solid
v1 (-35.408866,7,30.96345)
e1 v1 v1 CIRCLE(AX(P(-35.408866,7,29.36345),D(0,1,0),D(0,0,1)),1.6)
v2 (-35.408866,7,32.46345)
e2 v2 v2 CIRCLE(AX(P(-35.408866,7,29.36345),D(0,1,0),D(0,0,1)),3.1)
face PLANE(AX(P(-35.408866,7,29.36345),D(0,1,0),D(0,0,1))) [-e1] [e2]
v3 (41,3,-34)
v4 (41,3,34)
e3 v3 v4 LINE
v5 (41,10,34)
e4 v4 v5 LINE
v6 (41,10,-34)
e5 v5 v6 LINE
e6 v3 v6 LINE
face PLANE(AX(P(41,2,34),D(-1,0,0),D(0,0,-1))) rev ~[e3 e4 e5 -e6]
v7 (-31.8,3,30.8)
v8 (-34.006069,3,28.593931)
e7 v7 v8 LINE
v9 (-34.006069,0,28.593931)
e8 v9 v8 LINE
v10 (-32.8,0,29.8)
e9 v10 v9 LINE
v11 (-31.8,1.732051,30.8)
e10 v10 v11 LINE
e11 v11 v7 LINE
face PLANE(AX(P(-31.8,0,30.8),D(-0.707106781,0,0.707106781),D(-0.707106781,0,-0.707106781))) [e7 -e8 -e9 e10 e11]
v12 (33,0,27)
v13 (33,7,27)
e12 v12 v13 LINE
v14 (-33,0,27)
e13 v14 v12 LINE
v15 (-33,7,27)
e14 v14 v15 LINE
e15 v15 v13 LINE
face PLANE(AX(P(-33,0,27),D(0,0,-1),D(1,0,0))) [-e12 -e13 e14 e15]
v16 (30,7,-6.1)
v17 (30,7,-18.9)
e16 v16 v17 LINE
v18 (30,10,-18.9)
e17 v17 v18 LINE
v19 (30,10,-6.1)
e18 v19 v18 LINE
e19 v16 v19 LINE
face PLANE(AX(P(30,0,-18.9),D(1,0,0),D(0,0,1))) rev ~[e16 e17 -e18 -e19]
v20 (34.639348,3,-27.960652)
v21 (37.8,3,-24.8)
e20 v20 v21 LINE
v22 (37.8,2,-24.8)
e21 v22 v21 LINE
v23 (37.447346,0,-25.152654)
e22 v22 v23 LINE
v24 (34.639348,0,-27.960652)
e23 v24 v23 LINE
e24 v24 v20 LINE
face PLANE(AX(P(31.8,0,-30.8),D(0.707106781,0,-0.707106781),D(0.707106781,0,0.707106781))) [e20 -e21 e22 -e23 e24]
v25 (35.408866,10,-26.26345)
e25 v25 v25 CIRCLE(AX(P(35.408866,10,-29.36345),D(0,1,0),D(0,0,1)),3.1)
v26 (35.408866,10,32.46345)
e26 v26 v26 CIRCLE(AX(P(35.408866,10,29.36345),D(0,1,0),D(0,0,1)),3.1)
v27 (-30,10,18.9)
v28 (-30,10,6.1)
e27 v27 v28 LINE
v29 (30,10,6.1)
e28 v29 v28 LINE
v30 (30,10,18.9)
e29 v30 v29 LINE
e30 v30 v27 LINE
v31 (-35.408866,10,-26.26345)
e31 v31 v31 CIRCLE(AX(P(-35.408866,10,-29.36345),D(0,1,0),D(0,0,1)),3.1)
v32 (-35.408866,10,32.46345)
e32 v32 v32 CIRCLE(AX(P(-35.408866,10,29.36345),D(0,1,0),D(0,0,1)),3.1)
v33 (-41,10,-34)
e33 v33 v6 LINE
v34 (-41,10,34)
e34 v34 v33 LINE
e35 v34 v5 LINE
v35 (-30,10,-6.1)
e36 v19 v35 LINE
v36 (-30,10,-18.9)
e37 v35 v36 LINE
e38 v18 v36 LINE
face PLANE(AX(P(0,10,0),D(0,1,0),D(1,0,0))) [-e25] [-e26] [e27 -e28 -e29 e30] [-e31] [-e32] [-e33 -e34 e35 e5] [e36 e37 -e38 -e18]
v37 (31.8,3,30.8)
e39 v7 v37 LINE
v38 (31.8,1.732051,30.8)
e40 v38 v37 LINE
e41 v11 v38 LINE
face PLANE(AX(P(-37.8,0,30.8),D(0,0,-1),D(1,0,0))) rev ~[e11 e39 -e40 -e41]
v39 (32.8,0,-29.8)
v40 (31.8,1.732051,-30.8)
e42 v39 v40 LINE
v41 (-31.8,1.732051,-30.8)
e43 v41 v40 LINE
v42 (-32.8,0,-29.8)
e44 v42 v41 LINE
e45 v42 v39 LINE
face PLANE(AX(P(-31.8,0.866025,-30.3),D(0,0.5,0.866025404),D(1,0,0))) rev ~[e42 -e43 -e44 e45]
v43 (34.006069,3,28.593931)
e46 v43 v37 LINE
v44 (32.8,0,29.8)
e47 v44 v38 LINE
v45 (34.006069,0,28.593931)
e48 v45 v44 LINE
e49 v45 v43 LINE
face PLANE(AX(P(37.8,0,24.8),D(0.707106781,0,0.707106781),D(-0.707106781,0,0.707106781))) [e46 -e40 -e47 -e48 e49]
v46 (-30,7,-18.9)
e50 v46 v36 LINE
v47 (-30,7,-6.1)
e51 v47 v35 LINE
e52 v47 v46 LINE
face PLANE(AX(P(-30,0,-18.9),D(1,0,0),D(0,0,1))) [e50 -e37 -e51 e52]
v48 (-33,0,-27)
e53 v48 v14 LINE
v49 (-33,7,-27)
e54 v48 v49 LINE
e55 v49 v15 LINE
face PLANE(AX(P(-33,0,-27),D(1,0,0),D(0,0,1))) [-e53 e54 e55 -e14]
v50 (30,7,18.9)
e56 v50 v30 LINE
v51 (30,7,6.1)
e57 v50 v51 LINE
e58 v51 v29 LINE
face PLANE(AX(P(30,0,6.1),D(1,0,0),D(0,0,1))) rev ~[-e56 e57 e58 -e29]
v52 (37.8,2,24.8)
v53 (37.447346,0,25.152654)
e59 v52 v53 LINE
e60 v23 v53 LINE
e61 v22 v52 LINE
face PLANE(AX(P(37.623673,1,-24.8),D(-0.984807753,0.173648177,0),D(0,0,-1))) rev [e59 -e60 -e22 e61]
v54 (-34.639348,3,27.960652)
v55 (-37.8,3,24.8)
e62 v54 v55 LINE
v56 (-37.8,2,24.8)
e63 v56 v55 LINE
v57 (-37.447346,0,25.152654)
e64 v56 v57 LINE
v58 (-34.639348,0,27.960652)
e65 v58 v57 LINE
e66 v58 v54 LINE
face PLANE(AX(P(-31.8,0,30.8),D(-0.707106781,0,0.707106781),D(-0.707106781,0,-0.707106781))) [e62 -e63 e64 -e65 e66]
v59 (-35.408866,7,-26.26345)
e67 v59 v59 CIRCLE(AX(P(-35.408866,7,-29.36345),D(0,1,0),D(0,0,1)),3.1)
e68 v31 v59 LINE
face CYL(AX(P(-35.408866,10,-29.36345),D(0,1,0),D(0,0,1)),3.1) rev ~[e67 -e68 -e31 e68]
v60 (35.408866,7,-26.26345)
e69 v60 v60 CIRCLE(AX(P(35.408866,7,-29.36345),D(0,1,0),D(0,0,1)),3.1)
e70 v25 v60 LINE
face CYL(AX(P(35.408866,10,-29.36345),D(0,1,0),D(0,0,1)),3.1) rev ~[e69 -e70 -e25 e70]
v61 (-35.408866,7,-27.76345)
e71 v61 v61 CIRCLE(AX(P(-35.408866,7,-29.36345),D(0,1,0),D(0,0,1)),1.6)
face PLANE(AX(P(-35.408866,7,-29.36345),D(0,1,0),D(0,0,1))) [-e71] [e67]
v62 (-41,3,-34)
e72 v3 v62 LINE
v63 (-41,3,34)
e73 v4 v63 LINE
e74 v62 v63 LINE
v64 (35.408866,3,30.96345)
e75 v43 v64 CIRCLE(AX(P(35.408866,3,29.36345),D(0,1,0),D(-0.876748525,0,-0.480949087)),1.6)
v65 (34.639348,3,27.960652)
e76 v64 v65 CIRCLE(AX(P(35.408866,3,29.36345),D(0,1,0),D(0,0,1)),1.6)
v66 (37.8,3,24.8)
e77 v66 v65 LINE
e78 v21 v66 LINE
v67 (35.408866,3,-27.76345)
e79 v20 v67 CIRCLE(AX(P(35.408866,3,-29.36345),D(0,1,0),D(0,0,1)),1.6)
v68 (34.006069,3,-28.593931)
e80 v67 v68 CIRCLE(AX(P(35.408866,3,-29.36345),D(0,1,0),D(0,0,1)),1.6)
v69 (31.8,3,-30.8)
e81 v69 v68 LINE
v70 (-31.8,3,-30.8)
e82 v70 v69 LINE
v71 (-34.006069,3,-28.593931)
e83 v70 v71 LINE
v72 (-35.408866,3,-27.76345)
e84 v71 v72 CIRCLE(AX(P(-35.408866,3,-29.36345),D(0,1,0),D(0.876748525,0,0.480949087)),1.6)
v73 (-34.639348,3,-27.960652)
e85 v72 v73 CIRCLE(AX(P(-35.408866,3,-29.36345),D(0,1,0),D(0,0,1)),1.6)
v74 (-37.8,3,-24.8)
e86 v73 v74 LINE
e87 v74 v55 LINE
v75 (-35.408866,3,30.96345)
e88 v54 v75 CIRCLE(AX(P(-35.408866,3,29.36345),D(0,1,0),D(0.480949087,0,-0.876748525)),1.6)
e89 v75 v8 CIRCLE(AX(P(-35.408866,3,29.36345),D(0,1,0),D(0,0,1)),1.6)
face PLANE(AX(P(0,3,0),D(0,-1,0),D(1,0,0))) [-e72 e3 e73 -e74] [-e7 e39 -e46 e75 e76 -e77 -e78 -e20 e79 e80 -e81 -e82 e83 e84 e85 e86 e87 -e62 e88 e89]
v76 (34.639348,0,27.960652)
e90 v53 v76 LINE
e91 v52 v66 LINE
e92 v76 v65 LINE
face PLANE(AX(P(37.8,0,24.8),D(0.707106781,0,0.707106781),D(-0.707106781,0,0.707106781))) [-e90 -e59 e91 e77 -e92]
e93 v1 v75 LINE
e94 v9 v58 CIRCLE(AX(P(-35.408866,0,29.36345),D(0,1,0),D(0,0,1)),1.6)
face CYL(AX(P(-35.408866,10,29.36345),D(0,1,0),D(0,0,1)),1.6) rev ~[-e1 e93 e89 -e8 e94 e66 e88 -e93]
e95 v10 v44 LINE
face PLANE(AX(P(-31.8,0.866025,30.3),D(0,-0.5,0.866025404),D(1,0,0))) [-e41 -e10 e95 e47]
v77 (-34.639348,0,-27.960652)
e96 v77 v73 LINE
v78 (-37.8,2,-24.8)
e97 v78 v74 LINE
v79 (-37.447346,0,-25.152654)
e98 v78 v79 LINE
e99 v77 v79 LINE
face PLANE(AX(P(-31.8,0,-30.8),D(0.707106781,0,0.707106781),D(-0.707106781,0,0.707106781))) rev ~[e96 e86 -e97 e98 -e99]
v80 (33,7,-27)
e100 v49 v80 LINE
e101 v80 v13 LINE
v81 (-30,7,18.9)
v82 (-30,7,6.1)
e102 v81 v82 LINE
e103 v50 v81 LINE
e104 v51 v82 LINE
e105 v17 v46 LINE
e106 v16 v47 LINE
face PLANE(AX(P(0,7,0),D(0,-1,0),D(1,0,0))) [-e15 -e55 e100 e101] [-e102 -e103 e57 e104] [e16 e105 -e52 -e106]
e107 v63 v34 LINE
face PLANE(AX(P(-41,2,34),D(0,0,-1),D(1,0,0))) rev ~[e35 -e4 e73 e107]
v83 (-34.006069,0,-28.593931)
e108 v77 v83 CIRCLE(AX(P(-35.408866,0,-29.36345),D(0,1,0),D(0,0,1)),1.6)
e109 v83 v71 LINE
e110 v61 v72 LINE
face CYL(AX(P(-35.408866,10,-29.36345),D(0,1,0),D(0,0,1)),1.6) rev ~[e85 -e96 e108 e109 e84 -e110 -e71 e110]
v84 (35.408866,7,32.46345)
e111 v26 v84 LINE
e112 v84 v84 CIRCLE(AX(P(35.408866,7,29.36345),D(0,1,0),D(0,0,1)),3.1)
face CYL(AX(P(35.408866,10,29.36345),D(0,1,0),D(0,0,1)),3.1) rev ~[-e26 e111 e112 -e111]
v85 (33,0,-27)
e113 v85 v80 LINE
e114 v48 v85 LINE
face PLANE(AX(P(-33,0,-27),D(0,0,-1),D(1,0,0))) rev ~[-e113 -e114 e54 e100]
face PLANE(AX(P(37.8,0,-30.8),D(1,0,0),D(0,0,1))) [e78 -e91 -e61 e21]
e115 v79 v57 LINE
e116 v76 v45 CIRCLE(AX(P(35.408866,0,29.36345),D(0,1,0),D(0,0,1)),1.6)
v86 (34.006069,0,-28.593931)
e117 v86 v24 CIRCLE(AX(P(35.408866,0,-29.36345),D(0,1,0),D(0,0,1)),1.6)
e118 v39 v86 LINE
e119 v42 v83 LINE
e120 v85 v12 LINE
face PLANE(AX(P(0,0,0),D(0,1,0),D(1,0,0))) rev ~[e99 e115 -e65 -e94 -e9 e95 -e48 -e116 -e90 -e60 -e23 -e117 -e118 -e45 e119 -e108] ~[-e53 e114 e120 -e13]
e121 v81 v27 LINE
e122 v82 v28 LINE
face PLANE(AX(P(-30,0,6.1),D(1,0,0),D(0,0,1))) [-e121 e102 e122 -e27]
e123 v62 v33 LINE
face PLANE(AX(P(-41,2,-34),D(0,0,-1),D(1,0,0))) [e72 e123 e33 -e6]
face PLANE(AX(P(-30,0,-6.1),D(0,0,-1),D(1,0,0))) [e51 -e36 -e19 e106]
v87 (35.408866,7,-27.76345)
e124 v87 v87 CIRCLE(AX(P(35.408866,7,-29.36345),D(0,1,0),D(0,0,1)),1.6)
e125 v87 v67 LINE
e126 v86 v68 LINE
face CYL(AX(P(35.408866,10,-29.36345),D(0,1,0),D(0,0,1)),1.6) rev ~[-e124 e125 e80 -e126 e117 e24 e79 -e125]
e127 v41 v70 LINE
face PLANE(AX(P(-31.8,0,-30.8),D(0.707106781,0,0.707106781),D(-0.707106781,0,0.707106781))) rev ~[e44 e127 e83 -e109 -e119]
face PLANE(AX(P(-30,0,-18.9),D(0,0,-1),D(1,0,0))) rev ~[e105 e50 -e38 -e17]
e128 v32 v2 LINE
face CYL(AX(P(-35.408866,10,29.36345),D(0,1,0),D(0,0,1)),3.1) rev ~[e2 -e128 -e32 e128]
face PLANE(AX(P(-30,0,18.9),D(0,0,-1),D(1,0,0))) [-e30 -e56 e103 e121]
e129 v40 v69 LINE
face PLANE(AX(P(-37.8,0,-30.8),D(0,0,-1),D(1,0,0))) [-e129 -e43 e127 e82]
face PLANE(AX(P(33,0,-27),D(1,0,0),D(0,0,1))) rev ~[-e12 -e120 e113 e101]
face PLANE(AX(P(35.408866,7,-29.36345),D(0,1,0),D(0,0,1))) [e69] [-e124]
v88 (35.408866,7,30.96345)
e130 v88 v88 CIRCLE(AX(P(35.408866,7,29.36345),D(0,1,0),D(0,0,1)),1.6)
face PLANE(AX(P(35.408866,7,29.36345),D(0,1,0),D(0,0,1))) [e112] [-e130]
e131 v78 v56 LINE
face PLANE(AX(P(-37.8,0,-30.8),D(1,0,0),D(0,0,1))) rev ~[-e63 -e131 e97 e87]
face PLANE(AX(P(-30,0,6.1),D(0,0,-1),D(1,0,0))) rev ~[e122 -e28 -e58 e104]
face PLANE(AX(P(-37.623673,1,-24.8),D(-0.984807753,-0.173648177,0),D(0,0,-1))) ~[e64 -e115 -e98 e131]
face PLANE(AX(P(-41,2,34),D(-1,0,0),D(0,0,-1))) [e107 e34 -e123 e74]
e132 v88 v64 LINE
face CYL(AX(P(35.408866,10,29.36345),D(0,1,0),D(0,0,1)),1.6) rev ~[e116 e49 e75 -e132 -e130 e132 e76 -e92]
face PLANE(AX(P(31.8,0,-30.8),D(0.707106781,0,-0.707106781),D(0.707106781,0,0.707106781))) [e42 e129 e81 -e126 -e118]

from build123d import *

# Parameters (mm, degrees)
SKETCH1_W             = 76
SKETCH1_H             = 62
BOSS_EXTRUDE1_DEPTH   = 2
SKETCH2_W             = 82
SKETCH2_H             = 68
BOSS_EXTRUDE2_DEPTH   = 8
SKETCH3_W             = 60
SKETCH3_H             = 12.8
CUT_EXTRUDE1_DEPTH    = 11
SKETCH4_R             = 1.6
CUT_EXTRUDE2_DEPTH    = 11
SKETCH5_R             = 3.1
CUT_EXTRUDE3_DEPTH    = 3
SKETCH9_OUTSIDE_W     = 105.4
SKETCH9_OUTSIDE_H     = 91.4
SKETCH9_OUTSIDE_W_2   = 75.6
SKETCH9_OUTSIDE_H_2   = 61.6
CUT_EXTRUDE5_DEPTH    = 3
CUT_EXTRUDE6_DEPTH    = 3
SKETCH11_W            = 66
SKETCH11_H            = 54
CUT_EXTRUDE7_DEPTH    = 7
CHAMFER2_SIZE         = 2
CHAMFER2_SIZE2        = 0.352653961
CHAMFER2_PART_2_SIZE  = 2
CHAMFER2_PART_2_SIZE2 = 0.352653961
CHAMFER3_SIZE         = 1
CHAMFER3_SIZE2        = 1.732050808


with BuildPart() as part:
    # Sketch1 → Boss-Extrude1 (new body)
    with BuildSketch(Plane(origin=(0, 0, 0), x_dir=(1, 0, 0), z_dir=(0, 1, 0))):
        Rectangle(SKETCH1_W, SKETCH1_H)
    extrude(amount=BOSS_EXTRUDE1_DEPTH)

    # Sketch2 → Boss-Extrude2 (add)
    with BuildSketch(Plane(origin=(0, 2, 0), x_dir=(1, 0, 0), z_dir=(0, 1, 0))):
        Rectangle(SKETCH2_W, SKETCH2_H)
    extrude(amount=BOSS_EXTRUDE2_DEPTH)

    # Sketch3 → Cut-Extrude1 (cut, through all)
    with BuildSketch(Plane.XZ):
        with Locations((0, -12.5)):
            Rectangle(SKETCH3_W, SKETCH3_H)
        with Locations((0, 12.5)):
            Rectangle(SKETCH3_W, SKETCH3_H)
    extrude(amount=-CUT_EXTRUDE1_DEPTH, mode=Mode.SUBTRACT)

    # Sketch4 → Cut-Extrude2 (cut, through all)
    with BuildSketch(Plane(origin=(0, 10, 0), x_dir=(1, 0, 0), z_dir=(0, 1, 0))):
        with Locations(Location((-35.408866178, 29.363450001, 0), (0, 0, 270))):  # turned: the seam where the file's is
            Circle(SKETCH4_R)
        with Locations(Location((35.408866178, 29.363450001, 0), (0, 0, 270))):  # turned: the seam where the file's is
            Circle(SKETCH4_R)
        with Locations(Location((35.408866178, -29.363450001, 0), (0, 0, 270))):  # turned: the seam where the file's is
            Circle(SKETCH4_R)
        with Locations(Location((-35.408866178, -29.363450001, 0), (0, 0, 270))):  # turned: the seam where the file's is
            Circle(SKETCH4_R)
    extrude(amount=-CUT_EXTRUDE2_DEPTH, mode=Mode.SUBTRACT)

    # Sketch5 → Cut-Extrude3 (cut)
    with BuildSketch(Plane(origin=(0, 10, 0), x_dir=(1, 0, 0), z_dir=(0, 1, 0))):
        with Locations(Location((-35.408866178, 29.363450001, 0), (0, 0, 270))):  # turned: the seam where the file's is
            Circle(SKETCH5_R)
        with Locations(Location((35.408866178, 29.363450001, 0), (0, 0, 270))):  # turned: the seam where the file's is
            Circle(SKETCH5_R)
        with Locations(Location((35.408866178, -29.363450001, 0), (0, 0, 270))):  # turned: the seam where the file's is
            Circle(SKETCH5_R)
        with Locations(Location((-35.408866178, -29.363450001, 0), (0, 0, 270))):  # turned: the seam where the file's is
            Circle(SKETCH5_R)
    extrude(amount=-CUT_EXTRUDE3_DEPTH, mode=Mode.SUBTRACT)

    # Sketch9 outside → Cut-Extrude5 (cut)
    with BuildSketch(Plane.XZ):
        Rectangle(SKETCH9_OUTSIDE_W, SKETCH9_OUTSIDE_H)
        Rectangle(SKETCH9_OUTSIDE_W_2, SKETCH9_OUTSIDE_H_2, mode=Mode.SUBTRACT)
    extrude(amount=-CUT_EXTRUDE5_DEPTH, mode=Mode.SUBTRACT)

    # Sketch10 → Cut-Extrude6 (cut)
    with BuildSketch(Plane.XZ):
        Polygon((-37.8, -30.8), (-31.8, -30.8), (-37.8, -24.8), align=None)
        Polygon((-37.8, 24.8), (-37.8, 30.8), (-31.8, 30.8), align=None)
        Polygon((37.8, 30.8), (37.8, 24.8), (31.8, 30.8), align=None)
        Polygon((37.8, -30.8), (31.8, -30.8), (37.8, -24.8), align=None)
    extrude(amount=-CUT_EXTRUDE6_DEPTH, mode=Mode.SUBTRACT)

    # Sketch11 → Cut-Extrude7 (cut)
    with BuildSketch(Plane.XZ):
        Rectangle(SKETCH11_W, SKETCH11_H)
    extrude(amount=-CUT_EXTRUDE7_DEPTH, mode=Mode.SUBTRACT)

    # Chamfer2
    chamfer2_edges = [part.edges().sort_by_distance(p)[0] for p in [
        (37.8, 0, 0),
    ]]
    chamfer2_side = [part.faces().sort_by_distance(p)[0] for p in [
        (37.8, 1.5, 0),
    ]]
    chamfer(chamfer2_edges, length=CHAMFER2_SIZE, length2=CHAMFER2_SIZE2, reference=chamfer2_side[0])

    # Chamfer2 part 2
    chamfer2_part_2_edges = [part.edges().sort_by_distance(p)[0] for p in [
        (-37.8, 0, 0),
    ]]
    chamfer2_part_2_side = [part.faces().sort_by_distance(p)[0] for p in [
        (-37.8, 1.5, 0),
    ]]
    chamfer(chamfer2_part_2_edges, length=CHAMFER2_PART_2_SIZE, length2=CHAMFER2_PART_2_SIZE2, reference=chamfer2_part_2_side[0])

    # Chamfer3
    chamfer3_edges = [part.edges().sort_by_distance(p)[0] for p in [
        (0, 0, -30.8),
        (0, 0, 30.8),
    ]]
    chamfer3_side = [part.faces().sort_by_distance(p)[0] for p in [
        (-35.357643735, 0, 25.870950059),
    ]]
    chamfer(chamfer3_edges, length=CHAMFER3_SIZE, length2=CHAMFER3_SIZE2, reference=chamfer3_side[0])


solid = part.part
